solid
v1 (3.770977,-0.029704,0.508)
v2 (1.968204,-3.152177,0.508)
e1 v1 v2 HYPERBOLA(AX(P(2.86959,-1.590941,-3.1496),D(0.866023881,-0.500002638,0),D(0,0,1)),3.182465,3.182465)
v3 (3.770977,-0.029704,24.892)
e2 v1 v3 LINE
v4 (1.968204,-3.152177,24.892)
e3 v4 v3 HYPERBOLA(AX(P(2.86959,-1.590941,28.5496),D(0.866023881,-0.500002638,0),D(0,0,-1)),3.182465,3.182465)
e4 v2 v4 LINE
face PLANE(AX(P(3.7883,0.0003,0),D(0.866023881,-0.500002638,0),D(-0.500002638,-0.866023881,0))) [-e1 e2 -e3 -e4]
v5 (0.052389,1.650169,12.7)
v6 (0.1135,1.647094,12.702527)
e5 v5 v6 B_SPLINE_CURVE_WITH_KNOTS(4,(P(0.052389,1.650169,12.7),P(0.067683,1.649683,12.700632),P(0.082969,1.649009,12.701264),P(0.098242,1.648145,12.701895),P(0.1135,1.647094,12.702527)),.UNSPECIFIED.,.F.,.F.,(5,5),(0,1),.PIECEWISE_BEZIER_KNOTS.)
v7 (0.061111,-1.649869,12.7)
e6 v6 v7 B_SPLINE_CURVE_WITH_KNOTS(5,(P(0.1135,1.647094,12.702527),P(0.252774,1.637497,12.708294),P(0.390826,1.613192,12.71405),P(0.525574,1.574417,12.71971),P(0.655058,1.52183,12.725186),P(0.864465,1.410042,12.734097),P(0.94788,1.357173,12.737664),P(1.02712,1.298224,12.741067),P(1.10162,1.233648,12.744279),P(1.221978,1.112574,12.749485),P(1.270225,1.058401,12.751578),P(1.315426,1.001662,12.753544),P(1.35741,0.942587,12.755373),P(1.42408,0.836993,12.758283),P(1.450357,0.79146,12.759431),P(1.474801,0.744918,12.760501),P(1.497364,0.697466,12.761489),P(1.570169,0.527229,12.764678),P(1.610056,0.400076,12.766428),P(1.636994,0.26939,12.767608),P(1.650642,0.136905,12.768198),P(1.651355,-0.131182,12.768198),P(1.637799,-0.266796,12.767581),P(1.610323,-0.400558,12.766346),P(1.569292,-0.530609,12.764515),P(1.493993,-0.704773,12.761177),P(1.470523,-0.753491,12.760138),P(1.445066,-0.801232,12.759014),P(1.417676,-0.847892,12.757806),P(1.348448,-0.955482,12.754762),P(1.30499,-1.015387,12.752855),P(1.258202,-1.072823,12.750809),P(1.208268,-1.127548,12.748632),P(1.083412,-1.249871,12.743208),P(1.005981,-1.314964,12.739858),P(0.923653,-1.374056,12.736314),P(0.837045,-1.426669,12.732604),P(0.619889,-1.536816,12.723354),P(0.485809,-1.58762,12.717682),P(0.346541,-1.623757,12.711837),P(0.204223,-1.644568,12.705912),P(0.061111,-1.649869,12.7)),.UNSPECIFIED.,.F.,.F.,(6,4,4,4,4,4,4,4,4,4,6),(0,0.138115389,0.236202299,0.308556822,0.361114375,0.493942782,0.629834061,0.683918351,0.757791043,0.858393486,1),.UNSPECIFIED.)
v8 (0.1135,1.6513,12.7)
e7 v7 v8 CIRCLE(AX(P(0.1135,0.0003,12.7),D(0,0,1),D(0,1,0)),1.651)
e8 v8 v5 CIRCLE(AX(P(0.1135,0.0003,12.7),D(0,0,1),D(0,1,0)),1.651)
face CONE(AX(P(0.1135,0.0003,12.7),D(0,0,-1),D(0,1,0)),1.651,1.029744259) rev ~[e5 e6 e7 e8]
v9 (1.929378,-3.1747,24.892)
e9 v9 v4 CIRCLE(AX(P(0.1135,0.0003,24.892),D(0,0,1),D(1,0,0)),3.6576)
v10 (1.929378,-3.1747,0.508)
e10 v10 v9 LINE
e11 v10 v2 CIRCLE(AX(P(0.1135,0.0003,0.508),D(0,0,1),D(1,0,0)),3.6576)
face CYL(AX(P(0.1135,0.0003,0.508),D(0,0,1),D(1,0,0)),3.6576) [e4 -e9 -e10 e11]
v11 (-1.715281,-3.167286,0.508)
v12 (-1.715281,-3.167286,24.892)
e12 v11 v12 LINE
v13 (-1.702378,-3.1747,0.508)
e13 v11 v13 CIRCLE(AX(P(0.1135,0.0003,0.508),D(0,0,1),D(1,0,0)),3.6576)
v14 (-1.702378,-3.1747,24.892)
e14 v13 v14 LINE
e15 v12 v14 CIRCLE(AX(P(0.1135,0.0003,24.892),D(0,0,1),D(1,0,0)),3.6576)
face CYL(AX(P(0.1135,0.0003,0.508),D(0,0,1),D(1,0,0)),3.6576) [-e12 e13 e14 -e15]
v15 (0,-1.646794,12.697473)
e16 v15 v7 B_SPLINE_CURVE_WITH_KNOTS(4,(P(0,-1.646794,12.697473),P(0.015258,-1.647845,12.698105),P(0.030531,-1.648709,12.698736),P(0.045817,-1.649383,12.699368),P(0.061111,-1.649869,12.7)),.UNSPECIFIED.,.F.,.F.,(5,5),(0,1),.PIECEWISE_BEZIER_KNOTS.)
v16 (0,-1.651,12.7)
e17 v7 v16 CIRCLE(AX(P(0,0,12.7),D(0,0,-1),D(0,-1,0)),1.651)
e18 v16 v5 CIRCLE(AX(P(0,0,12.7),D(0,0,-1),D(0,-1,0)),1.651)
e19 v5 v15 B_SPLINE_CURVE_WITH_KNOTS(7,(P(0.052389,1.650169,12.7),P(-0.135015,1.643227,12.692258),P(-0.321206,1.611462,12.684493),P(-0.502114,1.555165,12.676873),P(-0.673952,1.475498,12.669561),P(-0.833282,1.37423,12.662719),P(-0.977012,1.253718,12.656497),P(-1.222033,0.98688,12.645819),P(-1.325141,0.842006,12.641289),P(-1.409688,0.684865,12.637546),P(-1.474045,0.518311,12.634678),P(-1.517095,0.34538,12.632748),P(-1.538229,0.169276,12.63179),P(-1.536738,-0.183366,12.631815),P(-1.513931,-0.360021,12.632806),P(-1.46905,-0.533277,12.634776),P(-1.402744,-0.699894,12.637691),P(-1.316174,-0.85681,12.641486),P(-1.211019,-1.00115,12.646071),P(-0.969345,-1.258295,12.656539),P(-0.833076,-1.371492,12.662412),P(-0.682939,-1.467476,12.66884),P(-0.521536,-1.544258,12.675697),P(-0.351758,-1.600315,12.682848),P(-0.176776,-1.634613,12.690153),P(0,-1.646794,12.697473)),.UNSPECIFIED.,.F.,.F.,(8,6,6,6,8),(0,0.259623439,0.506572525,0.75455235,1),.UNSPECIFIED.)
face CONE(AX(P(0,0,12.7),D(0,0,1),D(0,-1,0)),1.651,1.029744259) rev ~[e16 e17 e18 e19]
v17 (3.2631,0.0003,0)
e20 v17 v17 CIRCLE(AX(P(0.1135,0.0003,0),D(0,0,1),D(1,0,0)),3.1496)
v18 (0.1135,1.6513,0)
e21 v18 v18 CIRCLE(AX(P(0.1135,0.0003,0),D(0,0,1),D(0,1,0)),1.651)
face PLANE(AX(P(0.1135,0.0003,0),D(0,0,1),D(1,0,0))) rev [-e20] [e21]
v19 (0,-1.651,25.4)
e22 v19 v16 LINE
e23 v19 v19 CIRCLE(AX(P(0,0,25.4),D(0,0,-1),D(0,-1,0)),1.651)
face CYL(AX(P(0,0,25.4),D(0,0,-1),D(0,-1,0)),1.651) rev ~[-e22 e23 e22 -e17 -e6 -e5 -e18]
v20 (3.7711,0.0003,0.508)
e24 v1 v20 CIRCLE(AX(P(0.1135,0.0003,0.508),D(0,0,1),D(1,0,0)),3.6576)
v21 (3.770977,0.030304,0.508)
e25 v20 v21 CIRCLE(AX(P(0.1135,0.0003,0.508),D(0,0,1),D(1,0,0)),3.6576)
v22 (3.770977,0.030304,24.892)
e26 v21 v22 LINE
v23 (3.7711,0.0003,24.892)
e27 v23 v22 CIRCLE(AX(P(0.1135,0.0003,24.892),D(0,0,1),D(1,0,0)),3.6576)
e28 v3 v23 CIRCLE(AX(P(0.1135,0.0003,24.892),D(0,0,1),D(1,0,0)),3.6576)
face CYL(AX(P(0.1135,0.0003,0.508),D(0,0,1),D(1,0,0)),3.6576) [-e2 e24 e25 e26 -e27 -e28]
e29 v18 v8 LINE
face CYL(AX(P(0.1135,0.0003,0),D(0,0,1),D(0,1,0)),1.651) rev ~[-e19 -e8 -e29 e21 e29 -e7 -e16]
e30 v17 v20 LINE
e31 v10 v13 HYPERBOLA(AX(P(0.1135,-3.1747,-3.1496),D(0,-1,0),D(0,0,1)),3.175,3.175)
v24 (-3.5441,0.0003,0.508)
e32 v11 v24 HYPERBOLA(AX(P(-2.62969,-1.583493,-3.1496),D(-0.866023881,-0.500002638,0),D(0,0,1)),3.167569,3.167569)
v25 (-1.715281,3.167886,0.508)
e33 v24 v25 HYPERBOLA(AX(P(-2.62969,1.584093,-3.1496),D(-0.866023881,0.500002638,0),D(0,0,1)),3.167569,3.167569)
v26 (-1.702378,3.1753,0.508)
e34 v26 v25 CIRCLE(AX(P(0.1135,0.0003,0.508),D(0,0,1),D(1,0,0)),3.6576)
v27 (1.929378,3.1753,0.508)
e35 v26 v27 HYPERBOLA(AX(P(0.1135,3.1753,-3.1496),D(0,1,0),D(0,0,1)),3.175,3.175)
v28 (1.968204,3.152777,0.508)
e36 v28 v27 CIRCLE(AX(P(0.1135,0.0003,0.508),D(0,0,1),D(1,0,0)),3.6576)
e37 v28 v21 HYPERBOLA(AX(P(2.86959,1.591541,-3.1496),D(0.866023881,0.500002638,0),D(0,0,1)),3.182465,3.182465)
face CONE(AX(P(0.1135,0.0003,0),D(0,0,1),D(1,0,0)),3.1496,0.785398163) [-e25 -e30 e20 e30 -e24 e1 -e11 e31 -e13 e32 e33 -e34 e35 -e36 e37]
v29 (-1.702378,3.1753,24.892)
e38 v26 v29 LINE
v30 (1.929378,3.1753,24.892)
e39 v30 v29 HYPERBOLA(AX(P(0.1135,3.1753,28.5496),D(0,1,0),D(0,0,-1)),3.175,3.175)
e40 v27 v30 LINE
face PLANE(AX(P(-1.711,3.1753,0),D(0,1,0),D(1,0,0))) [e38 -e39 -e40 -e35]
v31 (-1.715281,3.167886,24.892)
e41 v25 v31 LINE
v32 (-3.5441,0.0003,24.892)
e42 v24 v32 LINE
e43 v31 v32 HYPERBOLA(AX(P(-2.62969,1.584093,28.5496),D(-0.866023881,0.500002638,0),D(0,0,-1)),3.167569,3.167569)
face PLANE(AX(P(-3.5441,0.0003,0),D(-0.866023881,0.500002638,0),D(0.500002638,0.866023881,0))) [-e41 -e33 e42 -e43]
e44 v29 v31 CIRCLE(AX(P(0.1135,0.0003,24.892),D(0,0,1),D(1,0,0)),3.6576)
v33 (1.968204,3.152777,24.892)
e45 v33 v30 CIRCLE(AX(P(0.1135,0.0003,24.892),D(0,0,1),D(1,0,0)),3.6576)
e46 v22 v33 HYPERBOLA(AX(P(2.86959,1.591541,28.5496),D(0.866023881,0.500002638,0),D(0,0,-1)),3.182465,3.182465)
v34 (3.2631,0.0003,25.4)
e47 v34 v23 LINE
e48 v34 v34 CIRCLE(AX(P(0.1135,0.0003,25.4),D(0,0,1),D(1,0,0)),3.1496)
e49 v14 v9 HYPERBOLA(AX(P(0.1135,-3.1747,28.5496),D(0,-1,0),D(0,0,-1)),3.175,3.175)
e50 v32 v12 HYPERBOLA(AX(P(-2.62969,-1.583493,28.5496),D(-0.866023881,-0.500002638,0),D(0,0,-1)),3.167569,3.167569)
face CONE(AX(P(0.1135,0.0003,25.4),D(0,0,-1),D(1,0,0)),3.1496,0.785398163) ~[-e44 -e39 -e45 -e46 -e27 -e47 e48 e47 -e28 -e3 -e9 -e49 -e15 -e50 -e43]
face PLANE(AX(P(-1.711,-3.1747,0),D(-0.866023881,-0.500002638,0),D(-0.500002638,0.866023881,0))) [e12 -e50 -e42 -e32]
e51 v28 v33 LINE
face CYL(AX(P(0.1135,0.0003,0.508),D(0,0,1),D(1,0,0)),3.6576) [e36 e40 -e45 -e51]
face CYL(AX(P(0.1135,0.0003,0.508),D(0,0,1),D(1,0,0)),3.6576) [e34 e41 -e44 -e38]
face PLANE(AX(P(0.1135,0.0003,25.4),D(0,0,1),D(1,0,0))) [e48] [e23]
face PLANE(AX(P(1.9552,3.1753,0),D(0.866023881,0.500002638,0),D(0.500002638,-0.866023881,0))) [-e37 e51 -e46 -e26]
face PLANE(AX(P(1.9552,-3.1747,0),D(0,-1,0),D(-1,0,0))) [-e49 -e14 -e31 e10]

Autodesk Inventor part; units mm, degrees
ref_plane "YZ Plane" through (0, 0, 0) normal (1, 0, 0) x (0, 1, 0)
sketch "Sketch1" plane through (0, 0, 0) normal (0, 0, 1) x (1, 0, 0)
  line L0 (1.9552, -3.1747) -> (-1.711, -3.1747)
  line L1 (-1.711, -3.1747) -> (-3.5441, 0.0003)
  line L2 (-3.5441, 0.0003) -> (-1.711, 3.1753)
  line L3 (-1.711, 3.1753) -> (1.9552, 3.1753)
  line L4 (1.9552, 3.1753) -> (3.7883, 0.0003)
  line L5 (3.7883, 0.0003) -> (1.9552, -3.1747)
  point P0 (0.1221, 0.0003)
  dimension "d0" = 6.35
extrude "Extrusion1" add sketch "Sketch1" along normal blind 25.4
ref_plane "Work Plane1" through (-1.711, 0.0003, 0) normal (0, 1, 0) x (1, 0, 0)
sketch "Sketch3" plane through (-1.711, 0.0003, 0) normal (0, 1, 0) x (1, 0, 0)
  line L0 (-1.3251, 0) -> (4.9741, 0)
  line L1 (5.4821, -0.508) -> (5.4821, -24.892)
  line L2 (-1.8331, -24.892) -> (-1.8331, -0.508)
  line L3 (-1.8331, -0.508) -> (-1.3251, 0)
  line L4 (4.9741, 0) -> (5.4821, -0.508)
  line L5 (-1.8331, 0) -> (-1.8331, -25.4) projected
  line L6 (3.6662, 0) -> (5.4993, 0) projected
  line L7 (1.8245, 0) -> (1.8245, -25.4)
  line L8 (0, -25.4) -> (-1.8331, -25.4) projected
  line L9 (5.4993, -25.4) -> (3.6662, -25.4) projected
  line L10 (3.6662, -25.4) -> (0, -25.4) projected
  line L11 (-1.3251, -25.4) -> (-1.8331, -24.892)
  line L12 (4.9741, -25.4) -> (5.4821, -24.892)
  point P0 (-1.8331, 0)
  point P1 (5.4821, 0)
  point P2 (5.4821, -25.4)
  dimension "d5" = 0.508
  dimension "d6" = 0.508
  dimension "d7" = 0.508
  dimension "d8" = 0.508
  dimension "d16" = 0
  dimension "d46" = 0.508
  dimension "d47" = 0.508
  dimension "d48" = 0.508
  dimension "d49" = 0.508
revolve "Revolution1" cut sketch "Sketch3" angle 360 about axis through (0.1135, 0.0003, 0) along (0, 0, 1) keep common part contours L0 L4 L1 L12 L9 L10 L7
sketch "Sketch6" plane through (0.1135, 0.0003, 0) normal (0, 0, -1) x (-1, 0, 0)
  circle A0 centre (0, 0) radius 3.1496 projected
hole "Hole3" at (0.1135, 0.0003, 0) direction (0, 0, 1) diameter 3.302 depth 12.7 tip angle 118 thread size "8-32 UNC" class "2B" standard "ANSI Unified Screw Threads"
sketch "Sketch7" plane through (0, 0, 25.4) normal (0, 0, 1) x (1, 0, 0)
  point P0 (0, 0)
hole "Hole4" at (0, 0, 25.4) direction (0, 0, -1) diameter 3.302 depth 12.7 tip angle 118 thread size "8-32 UNC" class "2B" standard "ANSI Unified Screw Threads"
ref_plane "Work Plane2" through (0.1135, 0.0003, 12.7) normal (0, 0, -1) x (-1, 0, 0)
equation "\"d6\" = d5"
equation "\"d7\" = d5"
equation "\"d8\" = d7"
properties part number "275-1016" material "Steel"
